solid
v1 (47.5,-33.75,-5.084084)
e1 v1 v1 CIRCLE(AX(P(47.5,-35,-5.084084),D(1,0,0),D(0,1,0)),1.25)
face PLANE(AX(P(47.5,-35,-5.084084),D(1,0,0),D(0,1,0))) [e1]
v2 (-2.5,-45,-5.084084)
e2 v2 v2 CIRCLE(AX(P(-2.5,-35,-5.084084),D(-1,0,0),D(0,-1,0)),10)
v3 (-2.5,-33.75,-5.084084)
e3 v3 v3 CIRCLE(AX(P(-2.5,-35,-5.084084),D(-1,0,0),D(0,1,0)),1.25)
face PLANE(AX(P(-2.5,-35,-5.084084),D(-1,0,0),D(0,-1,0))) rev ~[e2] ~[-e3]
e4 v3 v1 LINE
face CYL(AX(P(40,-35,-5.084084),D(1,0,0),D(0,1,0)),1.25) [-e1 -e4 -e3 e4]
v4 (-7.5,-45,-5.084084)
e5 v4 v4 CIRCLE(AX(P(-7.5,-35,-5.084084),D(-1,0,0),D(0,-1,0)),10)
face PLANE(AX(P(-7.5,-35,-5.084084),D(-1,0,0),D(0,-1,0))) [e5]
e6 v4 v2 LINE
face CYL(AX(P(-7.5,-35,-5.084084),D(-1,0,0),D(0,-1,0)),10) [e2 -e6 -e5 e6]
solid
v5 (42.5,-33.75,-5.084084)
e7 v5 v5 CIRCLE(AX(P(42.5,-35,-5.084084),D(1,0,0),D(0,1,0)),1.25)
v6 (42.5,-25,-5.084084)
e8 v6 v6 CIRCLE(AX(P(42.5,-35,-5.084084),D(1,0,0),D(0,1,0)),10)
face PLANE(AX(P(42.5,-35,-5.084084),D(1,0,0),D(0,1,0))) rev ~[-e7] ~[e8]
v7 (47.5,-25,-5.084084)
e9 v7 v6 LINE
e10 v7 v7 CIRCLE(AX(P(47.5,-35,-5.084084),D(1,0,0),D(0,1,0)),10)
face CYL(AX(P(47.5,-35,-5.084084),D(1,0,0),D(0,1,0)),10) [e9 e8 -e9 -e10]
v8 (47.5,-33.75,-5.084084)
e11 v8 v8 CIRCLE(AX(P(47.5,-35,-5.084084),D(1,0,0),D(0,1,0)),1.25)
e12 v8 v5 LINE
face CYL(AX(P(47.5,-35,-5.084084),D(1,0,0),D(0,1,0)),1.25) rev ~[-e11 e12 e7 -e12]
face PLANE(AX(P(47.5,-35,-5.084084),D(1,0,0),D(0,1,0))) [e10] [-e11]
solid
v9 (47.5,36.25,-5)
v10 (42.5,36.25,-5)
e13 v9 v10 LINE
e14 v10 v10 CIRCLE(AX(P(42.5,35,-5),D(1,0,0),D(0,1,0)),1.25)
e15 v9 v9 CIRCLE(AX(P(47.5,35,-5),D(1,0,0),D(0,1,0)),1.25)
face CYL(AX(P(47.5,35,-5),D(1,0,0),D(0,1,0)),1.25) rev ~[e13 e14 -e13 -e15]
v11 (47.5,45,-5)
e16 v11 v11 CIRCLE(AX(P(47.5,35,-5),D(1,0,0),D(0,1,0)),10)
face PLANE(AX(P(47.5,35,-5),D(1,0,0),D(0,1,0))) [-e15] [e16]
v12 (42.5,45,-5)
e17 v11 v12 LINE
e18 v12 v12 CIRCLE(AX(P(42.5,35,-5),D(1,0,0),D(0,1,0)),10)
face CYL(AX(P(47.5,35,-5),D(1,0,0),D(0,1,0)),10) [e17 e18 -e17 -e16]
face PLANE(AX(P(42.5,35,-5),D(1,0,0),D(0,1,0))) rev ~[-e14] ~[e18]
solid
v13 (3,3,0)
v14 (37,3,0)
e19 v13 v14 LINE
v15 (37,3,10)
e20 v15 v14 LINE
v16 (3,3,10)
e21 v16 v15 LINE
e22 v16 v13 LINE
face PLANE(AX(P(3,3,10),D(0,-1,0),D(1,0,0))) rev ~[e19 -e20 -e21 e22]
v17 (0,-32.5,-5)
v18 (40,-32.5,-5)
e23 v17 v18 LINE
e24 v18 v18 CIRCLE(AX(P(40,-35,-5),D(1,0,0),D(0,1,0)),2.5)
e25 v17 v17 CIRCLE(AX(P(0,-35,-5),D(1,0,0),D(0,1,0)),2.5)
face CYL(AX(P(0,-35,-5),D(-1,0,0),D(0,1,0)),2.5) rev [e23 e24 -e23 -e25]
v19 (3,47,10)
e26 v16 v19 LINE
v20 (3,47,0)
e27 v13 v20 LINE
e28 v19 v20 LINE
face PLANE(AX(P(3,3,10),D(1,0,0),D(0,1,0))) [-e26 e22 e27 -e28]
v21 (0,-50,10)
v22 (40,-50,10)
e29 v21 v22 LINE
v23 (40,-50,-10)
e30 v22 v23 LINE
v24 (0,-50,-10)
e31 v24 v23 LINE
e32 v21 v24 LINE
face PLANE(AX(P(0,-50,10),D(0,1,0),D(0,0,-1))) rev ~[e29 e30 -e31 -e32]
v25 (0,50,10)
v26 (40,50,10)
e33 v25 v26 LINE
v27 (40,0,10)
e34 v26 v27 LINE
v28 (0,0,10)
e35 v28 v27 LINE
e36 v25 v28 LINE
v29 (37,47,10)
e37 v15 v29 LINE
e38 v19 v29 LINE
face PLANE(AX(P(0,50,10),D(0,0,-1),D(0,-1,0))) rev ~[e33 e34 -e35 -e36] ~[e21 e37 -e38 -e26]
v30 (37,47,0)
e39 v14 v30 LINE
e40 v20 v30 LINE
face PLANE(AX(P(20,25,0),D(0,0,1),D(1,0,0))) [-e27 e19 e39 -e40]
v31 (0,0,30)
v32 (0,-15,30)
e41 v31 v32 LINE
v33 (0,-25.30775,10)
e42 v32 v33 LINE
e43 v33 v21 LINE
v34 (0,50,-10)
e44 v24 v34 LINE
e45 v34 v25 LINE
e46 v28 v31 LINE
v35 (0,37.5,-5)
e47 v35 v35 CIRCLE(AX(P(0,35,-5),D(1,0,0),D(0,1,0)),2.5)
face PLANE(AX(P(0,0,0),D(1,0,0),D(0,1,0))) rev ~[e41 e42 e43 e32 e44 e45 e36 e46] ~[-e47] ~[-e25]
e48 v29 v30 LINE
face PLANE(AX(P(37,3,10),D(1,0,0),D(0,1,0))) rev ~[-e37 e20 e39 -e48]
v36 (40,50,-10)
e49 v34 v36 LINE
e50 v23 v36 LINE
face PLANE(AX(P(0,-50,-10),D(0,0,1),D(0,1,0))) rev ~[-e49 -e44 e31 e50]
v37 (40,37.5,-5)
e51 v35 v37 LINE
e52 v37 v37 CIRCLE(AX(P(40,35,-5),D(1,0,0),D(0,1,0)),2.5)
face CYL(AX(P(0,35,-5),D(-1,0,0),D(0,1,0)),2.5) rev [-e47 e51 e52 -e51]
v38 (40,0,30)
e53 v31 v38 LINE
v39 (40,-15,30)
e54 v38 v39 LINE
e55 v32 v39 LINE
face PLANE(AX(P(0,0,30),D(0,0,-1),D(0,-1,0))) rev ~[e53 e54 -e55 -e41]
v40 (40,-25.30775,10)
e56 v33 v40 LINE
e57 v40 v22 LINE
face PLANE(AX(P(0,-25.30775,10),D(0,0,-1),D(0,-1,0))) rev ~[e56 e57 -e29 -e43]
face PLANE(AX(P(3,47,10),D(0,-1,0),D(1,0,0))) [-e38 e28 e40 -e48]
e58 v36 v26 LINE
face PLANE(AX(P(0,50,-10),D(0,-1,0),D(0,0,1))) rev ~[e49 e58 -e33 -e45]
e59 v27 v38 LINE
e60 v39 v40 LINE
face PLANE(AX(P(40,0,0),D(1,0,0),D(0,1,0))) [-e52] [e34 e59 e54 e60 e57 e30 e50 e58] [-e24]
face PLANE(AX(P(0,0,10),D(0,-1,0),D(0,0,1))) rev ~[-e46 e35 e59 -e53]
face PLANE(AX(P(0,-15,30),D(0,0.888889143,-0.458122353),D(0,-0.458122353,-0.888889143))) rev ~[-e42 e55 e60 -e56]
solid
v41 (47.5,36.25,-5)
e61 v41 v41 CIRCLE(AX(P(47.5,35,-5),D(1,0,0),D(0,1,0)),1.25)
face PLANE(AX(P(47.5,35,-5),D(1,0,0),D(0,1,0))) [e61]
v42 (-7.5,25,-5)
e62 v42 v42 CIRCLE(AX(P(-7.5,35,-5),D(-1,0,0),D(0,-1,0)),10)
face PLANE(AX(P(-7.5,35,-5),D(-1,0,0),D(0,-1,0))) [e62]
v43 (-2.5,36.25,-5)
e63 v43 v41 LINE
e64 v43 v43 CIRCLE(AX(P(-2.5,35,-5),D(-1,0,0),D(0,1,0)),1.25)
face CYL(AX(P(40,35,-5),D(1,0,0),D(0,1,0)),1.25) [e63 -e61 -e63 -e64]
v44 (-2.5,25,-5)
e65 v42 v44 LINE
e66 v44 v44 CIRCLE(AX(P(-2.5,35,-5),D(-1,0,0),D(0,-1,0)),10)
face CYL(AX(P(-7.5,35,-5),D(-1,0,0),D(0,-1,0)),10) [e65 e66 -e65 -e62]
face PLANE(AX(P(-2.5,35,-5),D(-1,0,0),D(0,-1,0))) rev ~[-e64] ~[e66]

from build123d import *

# Parameters (mm, degrees)
F0_R      = 2.5
F1_DEPTH  = 40
F2_W      = 34
F2_H      = 44
F3_DEPTH  = 10
F4_R      = 1.25
F5_DEPTH  = 47.5
F5_FACE_R = 1.25
F6_DEPTH  = 7.5
F7_R      = 1.25
F8_DEPTH  = 47.5
F8_FACE_R = 1.25
F9_DEPTH  = 7.5
F10_R     = 10
F10_R_2   = 1.25
F11_DEPTH = 5
F12_R     = 10
F12_R_2   = 1.25
F14_DEPTH = 5
F15_R     = 10
F15_R_2   = 1.25
F16_DEPTH = 5
F17_R     = 10
F17_R_2   = 1.25
F18_DEPTH = 5


with BuildPart() as f1:
    # F0 (on Right) → F1 (new body)
    with BuildSketch(Plane.YZ):
        Polygon((50, -10), (50, 10), (0, 10), (-25.30775, 10), (-50, 10), (-50, -10), align=None)
        with Locations((-35, -5)):
            Circle(F0_R, mode=Mode.SUBTRACT)
        with Locations((35, -5)):
            Circle(F0_R, mode=Mode.SUBTRACT)
        Polygon((-25.30775, 10), (0, 10), (0, 30), (-15, 30), align=None)
    extrude(amount=F1_DEPTH)

    # F2 (on face) → F3 (cut)
    with BuildSketch(Plane.XY.offset(10)):
        with Locations((20, 25)):
            Rectangle(F2_W, F2_H)
    extrude(amount=-F3_DEPTH, mode=Mode.SUBTRACT)


with BuildPart() as f5:
    # F4 (on face) → F5 (new body)
    with BuildSketch(Plane.YZ.offset(40)):
        with Locations((-35, -5.084084)):
            Circle(F4_R)
    extrude(amount=-F5_DEPTH)

    # F5_face (on face) → F6 (join)
    with BuildSketch(Plane(origin=(40, -35, -5.084084), x_dir=(0, 1, 0), z_dir=(1, 0, 0))):
        Circle(F5_FACE_R)
    extrude(amount=F6_DEPTH)

    # F15 (on face) → F16 (join)
    with BuildSketch(Plane(origin=(-7.5, 0, 0), x_dir=(0, -1, 0), z_dir=(-1, 0, 0))):
        with Locations((35, -5.084084)):
            Circle(F15_R)
        with Locations((35, -5.084084)):
            Circle(F15_R_2, mode=Mode.SUBTRACT)
    extrude(amount=-F16_DEPTH)


with BuildPart() as f8:
    # F7 (on face) → F8 (new body)
    with BuildSketch(Plane.YZ.offset(40)):
        with Locations((35, -5)):
            Circle(F7_R)
    extrude(amount=-F8_DEPTH)

    # F8_face (on face) → F9 (join)
    with BuildSketch(Plane(origin=(40, 35, -5), x_dir=(0, 1, 0), z_dir=(1, 0, 0))):
        Circle(F8_FACE_R)
    extrude(amount=F9_DEPTH)

    # F17 (on face) → F18 (join)
    with BuildSketch(Plane(origin=(-7.5, 0, 0), x_dir=(0, -1, 0), z_dir=(-1, 0, 0))):
        with Locations((-35, -5)):
            Circle(F17_R)
        with Locations((-35, -5)):
            Circle(F17_R_2, mode=Mode.SUBTRACT)
    extrude(amount=-F18_DEPTH)


with BuildPart() as f11:
    # F10 (on face) → F11 (new body)
    with BuildSketch(Plane.YZ.offset(47.5)):
        with Locations((-35, -5.084084)):
            Circle(F10_R)
        with Locations((-35, -5.084084)):
            Circle(F10_R_2, mode=Mode.SUBTRACT)
    extrude(amount=-F11_DEPTH)


with BuildPart() as f14:
    # F12 (on face) → F14 (new body)
    with BuildSketch(Plane.YZ.offset(47.5)):
        with Locations((35, -5)):
            Circle(F12_R)
        with Locations((35, -5)):
            Circle(F12_R_2, mode=Mode.SUBTRACT)
    extrude(amount=-F14_DEPTH)


solid = Compound([f1.part, f5.part, f8.part, f11.part, f14.part])
